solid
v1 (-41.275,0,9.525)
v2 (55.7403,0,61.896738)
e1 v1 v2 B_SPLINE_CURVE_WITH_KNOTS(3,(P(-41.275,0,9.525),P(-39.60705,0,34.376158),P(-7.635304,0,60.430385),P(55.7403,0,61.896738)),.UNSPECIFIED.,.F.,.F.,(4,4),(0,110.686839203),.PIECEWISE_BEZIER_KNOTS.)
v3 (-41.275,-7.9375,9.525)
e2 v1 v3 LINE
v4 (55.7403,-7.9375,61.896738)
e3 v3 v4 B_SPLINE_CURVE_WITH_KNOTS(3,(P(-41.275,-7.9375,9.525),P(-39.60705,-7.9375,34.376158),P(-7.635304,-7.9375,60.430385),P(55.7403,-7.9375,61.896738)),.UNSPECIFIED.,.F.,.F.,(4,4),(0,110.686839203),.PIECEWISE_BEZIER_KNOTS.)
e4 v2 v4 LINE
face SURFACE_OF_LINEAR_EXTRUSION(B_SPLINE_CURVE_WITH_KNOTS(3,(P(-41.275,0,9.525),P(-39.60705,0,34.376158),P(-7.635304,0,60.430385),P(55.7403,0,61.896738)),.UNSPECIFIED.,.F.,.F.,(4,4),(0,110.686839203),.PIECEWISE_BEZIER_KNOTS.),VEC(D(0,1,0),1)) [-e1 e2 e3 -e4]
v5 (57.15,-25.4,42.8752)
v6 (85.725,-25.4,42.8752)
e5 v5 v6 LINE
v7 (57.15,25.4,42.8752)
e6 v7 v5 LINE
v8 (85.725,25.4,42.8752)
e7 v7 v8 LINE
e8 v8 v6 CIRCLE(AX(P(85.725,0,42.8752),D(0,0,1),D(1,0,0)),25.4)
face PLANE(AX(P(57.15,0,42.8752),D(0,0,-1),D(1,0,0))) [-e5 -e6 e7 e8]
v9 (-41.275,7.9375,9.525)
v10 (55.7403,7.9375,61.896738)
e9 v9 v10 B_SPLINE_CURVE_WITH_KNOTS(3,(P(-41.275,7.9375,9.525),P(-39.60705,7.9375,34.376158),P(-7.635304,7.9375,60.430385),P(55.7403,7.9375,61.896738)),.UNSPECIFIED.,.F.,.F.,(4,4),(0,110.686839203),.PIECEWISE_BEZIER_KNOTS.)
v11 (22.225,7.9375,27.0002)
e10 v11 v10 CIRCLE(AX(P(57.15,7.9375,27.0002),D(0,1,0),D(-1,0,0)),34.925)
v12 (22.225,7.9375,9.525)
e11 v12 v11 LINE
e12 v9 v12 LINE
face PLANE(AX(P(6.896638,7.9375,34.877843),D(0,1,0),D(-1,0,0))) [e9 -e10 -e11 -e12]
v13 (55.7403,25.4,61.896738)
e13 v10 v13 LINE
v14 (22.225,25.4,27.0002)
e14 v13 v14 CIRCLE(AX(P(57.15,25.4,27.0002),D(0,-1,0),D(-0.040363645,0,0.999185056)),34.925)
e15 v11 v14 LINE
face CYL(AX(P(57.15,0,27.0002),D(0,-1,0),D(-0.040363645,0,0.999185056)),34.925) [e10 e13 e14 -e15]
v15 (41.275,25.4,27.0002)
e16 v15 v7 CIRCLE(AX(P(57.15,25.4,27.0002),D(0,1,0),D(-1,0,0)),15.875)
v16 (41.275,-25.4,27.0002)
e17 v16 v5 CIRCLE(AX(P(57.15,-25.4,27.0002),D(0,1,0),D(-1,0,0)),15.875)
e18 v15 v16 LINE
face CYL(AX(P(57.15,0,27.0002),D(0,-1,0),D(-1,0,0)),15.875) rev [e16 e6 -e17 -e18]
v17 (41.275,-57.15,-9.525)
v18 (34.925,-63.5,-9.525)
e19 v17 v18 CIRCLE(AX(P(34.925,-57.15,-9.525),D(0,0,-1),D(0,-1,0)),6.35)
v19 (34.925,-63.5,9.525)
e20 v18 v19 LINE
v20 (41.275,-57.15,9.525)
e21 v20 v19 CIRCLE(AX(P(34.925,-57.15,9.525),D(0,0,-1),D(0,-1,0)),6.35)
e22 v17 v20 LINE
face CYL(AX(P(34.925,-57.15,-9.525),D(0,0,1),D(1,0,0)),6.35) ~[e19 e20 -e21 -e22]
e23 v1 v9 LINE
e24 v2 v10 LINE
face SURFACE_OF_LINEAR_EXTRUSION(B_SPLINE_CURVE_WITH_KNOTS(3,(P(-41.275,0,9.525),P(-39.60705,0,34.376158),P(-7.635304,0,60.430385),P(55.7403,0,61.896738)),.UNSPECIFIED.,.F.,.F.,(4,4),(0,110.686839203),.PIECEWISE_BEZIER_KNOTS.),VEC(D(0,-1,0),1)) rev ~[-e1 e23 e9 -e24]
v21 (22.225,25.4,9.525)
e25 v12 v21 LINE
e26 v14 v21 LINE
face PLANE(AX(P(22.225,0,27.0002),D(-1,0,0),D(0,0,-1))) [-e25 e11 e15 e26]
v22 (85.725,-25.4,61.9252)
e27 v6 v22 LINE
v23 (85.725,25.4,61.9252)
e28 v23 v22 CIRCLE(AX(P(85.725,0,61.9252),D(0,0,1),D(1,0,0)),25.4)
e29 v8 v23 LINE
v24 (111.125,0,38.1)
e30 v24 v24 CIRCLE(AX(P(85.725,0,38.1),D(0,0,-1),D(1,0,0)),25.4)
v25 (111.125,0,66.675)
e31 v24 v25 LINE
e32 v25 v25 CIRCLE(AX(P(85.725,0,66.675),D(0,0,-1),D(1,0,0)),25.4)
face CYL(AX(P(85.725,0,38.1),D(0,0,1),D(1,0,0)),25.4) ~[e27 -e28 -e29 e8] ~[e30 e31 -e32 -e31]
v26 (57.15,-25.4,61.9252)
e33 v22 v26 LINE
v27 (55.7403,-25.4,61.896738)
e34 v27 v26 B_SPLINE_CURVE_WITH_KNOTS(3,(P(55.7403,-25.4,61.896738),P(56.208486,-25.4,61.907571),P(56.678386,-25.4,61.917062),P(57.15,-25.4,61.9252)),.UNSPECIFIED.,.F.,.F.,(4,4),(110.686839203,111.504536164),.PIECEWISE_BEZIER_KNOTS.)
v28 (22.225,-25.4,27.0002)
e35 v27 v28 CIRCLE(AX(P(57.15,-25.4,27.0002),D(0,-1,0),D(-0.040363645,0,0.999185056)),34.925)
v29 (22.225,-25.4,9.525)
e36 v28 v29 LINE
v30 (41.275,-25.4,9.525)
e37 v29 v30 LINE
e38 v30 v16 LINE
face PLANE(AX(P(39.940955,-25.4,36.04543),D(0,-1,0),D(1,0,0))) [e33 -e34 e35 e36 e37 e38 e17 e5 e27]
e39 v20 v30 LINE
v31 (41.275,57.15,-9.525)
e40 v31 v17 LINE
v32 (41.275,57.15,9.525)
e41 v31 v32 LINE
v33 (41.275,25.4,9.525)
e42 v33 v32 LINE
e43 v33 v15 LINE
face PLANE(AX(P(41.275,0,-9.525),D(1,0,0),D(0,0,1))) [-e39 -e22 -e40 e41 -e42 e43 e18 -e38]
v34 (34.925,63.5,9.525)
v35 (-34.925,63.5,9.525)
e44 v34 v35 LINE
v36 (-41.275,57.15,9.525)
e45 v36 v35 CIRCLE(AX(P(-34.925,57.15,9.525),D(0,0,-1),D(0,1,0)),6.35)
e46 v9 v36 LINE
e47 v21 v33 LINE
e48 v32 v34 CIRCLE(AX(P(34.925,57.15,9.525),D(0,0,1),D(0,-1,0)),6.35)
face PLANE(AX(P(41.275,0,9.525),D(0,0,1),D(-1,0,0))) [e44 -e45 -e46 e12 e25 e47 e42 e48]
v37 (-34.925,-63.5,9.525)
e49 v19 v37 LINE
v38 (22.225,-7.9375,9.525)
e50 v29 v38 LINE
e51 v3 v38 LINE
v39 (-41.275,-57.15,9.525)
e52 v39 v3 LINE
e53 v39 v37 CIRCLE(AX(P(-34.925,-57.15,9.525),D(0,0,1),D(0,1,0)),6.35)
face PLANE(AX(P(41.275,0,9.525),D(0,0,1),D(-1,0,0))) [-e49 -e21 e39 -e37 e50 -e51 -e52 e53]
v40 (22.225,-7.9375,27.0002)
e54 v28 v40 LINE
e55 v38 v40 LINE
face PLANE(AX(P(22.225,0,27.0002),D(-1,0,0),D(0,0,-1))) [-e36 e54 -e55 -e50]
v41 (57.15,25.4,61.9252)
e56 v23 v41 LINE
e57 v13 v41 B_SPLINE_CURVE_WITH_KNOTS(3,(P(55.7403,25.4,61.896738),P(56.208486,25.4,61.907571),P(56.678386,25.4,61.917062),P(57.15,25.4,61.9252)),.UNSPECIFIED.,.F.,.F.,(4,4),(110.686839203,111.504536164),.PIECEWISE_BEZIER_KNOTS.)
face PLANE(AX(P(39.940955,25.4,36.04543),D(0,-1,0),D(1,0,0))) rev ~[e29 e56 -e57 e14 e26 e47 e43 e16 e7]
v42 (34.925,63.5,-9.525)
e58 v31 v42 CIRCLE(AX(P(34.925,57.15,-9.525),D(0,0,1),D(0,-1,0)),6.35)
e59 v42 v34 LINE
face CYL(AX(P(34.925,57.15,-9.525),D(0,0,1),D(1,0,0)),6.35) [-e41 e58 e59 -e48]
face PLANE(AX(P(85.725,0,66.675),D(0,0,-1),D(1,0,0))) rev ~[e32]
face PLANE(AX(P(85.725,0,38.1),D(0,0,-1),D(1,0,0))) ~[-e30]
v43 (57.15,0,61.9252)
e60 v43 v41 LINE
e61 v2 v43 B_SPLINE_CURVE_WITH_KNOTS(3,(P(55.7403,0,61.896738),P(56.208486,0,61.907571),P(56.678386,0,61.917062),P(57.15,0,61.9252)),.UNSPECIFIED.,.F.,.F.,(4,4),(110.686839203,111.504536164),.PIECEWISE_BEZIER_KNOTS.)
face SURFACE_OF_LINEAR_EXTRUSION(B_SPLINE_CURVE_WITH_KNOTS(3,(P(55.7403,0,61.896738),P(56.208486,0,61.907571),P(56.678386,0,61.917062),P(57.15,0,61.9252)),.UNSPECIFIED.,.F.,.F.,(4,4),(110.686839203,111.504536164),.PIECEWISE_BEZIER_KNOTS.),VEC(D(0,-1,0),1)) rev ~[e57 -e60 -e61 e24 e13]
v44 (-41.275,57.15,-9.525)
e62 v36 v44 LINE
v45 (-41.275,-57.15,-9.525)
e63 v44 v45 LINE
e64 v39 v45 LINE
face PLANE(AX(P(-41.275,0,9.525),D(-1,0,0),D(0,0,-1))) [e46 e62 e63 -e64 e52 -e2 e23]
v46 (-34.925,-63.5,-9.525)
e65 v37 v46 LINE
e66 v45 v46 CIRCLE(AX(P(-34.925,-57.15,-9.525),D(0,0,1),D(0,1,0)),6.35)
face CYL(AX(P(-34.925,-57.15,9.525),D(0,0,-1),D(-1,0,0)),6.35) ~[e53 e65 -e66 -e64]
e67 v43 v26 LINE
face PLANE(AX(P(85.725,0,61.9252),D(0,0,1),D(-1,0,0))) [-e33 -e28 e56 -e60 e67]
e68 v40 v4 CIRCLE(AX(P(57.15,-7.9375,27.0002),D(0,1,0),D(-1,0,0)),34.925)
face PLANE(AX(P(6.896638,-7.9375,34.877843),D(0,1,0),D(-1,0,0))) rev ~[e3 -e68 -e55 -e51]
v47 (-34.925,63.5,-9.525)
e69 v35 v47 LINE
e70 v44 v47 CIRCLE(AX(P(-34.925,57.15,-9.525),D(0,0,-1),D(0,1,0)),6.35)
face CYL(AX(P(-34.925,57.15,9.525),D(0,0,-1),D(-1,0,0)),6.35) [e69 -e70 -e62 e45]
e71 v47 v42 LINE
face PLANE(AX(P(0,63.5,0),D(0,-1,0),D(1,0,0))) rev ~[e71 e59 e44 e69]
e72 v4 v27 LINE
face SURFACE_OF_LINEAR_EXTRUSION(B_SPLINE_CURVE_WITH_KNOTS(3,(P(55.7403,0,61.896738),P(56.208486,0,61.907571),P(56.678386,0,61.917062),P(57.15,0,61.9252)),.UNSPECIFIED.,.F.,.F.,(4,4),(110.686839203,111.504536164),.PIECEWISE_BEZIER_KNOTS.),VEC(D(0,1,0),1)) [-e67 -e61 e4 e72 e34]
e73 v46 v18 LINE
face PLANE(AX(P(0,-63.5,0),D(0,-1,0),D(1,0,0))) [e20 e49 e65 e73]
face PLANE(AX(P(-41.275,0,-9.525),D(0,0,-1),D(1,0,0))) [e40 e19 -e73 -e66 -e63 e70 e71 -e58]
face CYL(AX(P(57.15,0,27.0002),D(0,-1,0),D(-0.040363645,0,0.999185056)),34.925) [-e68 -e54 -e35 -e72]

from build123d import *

# Parameters (mm, degrees)
F1_DEPTH = 63.5
F2_DEPTH = 7.9375
F0_W     = 25.4
F0_H     = 19.05
F3_DEPTH = 25.4
F5_R     = 6.35


with BuildPart() as f1:
    # F0 (on Front) → F1 (new body, symmetric)
    with BuildSketch(Plane.XZ):
        Polygon((-41.275, 9.525), (-41.275, -9.525), (41.275, -9.525), (41.275, 9.525), (22.225, 9.525), align=None)
    extrude(amount=F1_DEPTH, both=True)

    # F0 (on Front) → F2 (join, symmetric)
    with BuildSketch(Plane.XZ):
        with BuildLine():
            add(Edge.make_bspline(
                [(-41.275, 9.525), (-39.6070504459, 34.3761578761), (-7.6353036908, 60.4303854768), (55.7402997063, 61.8967380816)],
                knots=[0, 0, 0, 0, 110.6868392029, 110.6868392029, 110.6868392029, 110.6868392029], degree=3))
            Line((-41.275, 9.525), (22.225, 9.525))
            Line((22.225, 9.525), (22.225, 27.0002))
            ThreePointArc((22.225, 27.0002), (31.9608216911, 51.1923665239), (55.7402997063, 61.8967380816))
        make_face()
    extrude(amount=F2_DEPTH, both=True)

    # F0 (on Front) → F3 (join, symmetric)
    with BuildSketch(Plane.XZ):
        with BuildLine():
            Line((22.225, 9.525), (41.275, 9.525))
            Line((41.275, 9.525), (41.275, 27.0002))
            ThreePointArc((41.275, 27.0002), (45.9246798487, 38.2255201513), (57.15, 42.8752))
            Line((57.15, 42.8752), (60.325, 42.8752))
            Line((60.325, 42.8752), (60.325, 61.9252))
            Line((60.325, 61.9252), (57.15, 61.9252))
            add(Edge.make_bspline(
                [(55.7402997063, 61.8967380816), (56.2084857946, 61.9075707341), (56.6783857447, 61.9170615063), (57.15, 61.9252)],
                knots=[110.6868392029, 110.6868392029, 110.6868392029, 110.6868392029, 111.5045361635, 111.5045361635, 111.5045361635, 111.5045361635], degree=3))
            ThreePointArc((55.7402997063, 61.8967380816), (31.9608216911, 51.1923665239), (22.225, 27.0002))
            Line((22.225, 27.0002), (22.225, 9.525))
        make_face()
        with Locations((73.025, 52.4002)):
            Rectangle(F0_W, F0_H)
    extrude(amount=F3_DEPTH, both=True)

    # F0 (on Front) → F4 (revolve)
    with BuildSketch(Plane.XZ):
        Polygon((85.725, 66.675), (85.725, 61.9252), (85.725, 42.8752), (85.725, 38.1), (111.125, 38.1), (111.125, 66.675), align=None)
    revolve(axis=Axis((85.725, 0, 52.3875), (0, 0, -1)))

    # F5
    f5_edges = [f1.edges().sort_by_distance(p)[0] for p in [
        (41.275, -63.5, 0),
        (-41.275, -63.5, 0),
        (41.275, 63.5, 0),
        (-41.275, 63.5, 0),
    ]]
    fillet(f5_edges, radius=F5_R)


solid = f1.part
